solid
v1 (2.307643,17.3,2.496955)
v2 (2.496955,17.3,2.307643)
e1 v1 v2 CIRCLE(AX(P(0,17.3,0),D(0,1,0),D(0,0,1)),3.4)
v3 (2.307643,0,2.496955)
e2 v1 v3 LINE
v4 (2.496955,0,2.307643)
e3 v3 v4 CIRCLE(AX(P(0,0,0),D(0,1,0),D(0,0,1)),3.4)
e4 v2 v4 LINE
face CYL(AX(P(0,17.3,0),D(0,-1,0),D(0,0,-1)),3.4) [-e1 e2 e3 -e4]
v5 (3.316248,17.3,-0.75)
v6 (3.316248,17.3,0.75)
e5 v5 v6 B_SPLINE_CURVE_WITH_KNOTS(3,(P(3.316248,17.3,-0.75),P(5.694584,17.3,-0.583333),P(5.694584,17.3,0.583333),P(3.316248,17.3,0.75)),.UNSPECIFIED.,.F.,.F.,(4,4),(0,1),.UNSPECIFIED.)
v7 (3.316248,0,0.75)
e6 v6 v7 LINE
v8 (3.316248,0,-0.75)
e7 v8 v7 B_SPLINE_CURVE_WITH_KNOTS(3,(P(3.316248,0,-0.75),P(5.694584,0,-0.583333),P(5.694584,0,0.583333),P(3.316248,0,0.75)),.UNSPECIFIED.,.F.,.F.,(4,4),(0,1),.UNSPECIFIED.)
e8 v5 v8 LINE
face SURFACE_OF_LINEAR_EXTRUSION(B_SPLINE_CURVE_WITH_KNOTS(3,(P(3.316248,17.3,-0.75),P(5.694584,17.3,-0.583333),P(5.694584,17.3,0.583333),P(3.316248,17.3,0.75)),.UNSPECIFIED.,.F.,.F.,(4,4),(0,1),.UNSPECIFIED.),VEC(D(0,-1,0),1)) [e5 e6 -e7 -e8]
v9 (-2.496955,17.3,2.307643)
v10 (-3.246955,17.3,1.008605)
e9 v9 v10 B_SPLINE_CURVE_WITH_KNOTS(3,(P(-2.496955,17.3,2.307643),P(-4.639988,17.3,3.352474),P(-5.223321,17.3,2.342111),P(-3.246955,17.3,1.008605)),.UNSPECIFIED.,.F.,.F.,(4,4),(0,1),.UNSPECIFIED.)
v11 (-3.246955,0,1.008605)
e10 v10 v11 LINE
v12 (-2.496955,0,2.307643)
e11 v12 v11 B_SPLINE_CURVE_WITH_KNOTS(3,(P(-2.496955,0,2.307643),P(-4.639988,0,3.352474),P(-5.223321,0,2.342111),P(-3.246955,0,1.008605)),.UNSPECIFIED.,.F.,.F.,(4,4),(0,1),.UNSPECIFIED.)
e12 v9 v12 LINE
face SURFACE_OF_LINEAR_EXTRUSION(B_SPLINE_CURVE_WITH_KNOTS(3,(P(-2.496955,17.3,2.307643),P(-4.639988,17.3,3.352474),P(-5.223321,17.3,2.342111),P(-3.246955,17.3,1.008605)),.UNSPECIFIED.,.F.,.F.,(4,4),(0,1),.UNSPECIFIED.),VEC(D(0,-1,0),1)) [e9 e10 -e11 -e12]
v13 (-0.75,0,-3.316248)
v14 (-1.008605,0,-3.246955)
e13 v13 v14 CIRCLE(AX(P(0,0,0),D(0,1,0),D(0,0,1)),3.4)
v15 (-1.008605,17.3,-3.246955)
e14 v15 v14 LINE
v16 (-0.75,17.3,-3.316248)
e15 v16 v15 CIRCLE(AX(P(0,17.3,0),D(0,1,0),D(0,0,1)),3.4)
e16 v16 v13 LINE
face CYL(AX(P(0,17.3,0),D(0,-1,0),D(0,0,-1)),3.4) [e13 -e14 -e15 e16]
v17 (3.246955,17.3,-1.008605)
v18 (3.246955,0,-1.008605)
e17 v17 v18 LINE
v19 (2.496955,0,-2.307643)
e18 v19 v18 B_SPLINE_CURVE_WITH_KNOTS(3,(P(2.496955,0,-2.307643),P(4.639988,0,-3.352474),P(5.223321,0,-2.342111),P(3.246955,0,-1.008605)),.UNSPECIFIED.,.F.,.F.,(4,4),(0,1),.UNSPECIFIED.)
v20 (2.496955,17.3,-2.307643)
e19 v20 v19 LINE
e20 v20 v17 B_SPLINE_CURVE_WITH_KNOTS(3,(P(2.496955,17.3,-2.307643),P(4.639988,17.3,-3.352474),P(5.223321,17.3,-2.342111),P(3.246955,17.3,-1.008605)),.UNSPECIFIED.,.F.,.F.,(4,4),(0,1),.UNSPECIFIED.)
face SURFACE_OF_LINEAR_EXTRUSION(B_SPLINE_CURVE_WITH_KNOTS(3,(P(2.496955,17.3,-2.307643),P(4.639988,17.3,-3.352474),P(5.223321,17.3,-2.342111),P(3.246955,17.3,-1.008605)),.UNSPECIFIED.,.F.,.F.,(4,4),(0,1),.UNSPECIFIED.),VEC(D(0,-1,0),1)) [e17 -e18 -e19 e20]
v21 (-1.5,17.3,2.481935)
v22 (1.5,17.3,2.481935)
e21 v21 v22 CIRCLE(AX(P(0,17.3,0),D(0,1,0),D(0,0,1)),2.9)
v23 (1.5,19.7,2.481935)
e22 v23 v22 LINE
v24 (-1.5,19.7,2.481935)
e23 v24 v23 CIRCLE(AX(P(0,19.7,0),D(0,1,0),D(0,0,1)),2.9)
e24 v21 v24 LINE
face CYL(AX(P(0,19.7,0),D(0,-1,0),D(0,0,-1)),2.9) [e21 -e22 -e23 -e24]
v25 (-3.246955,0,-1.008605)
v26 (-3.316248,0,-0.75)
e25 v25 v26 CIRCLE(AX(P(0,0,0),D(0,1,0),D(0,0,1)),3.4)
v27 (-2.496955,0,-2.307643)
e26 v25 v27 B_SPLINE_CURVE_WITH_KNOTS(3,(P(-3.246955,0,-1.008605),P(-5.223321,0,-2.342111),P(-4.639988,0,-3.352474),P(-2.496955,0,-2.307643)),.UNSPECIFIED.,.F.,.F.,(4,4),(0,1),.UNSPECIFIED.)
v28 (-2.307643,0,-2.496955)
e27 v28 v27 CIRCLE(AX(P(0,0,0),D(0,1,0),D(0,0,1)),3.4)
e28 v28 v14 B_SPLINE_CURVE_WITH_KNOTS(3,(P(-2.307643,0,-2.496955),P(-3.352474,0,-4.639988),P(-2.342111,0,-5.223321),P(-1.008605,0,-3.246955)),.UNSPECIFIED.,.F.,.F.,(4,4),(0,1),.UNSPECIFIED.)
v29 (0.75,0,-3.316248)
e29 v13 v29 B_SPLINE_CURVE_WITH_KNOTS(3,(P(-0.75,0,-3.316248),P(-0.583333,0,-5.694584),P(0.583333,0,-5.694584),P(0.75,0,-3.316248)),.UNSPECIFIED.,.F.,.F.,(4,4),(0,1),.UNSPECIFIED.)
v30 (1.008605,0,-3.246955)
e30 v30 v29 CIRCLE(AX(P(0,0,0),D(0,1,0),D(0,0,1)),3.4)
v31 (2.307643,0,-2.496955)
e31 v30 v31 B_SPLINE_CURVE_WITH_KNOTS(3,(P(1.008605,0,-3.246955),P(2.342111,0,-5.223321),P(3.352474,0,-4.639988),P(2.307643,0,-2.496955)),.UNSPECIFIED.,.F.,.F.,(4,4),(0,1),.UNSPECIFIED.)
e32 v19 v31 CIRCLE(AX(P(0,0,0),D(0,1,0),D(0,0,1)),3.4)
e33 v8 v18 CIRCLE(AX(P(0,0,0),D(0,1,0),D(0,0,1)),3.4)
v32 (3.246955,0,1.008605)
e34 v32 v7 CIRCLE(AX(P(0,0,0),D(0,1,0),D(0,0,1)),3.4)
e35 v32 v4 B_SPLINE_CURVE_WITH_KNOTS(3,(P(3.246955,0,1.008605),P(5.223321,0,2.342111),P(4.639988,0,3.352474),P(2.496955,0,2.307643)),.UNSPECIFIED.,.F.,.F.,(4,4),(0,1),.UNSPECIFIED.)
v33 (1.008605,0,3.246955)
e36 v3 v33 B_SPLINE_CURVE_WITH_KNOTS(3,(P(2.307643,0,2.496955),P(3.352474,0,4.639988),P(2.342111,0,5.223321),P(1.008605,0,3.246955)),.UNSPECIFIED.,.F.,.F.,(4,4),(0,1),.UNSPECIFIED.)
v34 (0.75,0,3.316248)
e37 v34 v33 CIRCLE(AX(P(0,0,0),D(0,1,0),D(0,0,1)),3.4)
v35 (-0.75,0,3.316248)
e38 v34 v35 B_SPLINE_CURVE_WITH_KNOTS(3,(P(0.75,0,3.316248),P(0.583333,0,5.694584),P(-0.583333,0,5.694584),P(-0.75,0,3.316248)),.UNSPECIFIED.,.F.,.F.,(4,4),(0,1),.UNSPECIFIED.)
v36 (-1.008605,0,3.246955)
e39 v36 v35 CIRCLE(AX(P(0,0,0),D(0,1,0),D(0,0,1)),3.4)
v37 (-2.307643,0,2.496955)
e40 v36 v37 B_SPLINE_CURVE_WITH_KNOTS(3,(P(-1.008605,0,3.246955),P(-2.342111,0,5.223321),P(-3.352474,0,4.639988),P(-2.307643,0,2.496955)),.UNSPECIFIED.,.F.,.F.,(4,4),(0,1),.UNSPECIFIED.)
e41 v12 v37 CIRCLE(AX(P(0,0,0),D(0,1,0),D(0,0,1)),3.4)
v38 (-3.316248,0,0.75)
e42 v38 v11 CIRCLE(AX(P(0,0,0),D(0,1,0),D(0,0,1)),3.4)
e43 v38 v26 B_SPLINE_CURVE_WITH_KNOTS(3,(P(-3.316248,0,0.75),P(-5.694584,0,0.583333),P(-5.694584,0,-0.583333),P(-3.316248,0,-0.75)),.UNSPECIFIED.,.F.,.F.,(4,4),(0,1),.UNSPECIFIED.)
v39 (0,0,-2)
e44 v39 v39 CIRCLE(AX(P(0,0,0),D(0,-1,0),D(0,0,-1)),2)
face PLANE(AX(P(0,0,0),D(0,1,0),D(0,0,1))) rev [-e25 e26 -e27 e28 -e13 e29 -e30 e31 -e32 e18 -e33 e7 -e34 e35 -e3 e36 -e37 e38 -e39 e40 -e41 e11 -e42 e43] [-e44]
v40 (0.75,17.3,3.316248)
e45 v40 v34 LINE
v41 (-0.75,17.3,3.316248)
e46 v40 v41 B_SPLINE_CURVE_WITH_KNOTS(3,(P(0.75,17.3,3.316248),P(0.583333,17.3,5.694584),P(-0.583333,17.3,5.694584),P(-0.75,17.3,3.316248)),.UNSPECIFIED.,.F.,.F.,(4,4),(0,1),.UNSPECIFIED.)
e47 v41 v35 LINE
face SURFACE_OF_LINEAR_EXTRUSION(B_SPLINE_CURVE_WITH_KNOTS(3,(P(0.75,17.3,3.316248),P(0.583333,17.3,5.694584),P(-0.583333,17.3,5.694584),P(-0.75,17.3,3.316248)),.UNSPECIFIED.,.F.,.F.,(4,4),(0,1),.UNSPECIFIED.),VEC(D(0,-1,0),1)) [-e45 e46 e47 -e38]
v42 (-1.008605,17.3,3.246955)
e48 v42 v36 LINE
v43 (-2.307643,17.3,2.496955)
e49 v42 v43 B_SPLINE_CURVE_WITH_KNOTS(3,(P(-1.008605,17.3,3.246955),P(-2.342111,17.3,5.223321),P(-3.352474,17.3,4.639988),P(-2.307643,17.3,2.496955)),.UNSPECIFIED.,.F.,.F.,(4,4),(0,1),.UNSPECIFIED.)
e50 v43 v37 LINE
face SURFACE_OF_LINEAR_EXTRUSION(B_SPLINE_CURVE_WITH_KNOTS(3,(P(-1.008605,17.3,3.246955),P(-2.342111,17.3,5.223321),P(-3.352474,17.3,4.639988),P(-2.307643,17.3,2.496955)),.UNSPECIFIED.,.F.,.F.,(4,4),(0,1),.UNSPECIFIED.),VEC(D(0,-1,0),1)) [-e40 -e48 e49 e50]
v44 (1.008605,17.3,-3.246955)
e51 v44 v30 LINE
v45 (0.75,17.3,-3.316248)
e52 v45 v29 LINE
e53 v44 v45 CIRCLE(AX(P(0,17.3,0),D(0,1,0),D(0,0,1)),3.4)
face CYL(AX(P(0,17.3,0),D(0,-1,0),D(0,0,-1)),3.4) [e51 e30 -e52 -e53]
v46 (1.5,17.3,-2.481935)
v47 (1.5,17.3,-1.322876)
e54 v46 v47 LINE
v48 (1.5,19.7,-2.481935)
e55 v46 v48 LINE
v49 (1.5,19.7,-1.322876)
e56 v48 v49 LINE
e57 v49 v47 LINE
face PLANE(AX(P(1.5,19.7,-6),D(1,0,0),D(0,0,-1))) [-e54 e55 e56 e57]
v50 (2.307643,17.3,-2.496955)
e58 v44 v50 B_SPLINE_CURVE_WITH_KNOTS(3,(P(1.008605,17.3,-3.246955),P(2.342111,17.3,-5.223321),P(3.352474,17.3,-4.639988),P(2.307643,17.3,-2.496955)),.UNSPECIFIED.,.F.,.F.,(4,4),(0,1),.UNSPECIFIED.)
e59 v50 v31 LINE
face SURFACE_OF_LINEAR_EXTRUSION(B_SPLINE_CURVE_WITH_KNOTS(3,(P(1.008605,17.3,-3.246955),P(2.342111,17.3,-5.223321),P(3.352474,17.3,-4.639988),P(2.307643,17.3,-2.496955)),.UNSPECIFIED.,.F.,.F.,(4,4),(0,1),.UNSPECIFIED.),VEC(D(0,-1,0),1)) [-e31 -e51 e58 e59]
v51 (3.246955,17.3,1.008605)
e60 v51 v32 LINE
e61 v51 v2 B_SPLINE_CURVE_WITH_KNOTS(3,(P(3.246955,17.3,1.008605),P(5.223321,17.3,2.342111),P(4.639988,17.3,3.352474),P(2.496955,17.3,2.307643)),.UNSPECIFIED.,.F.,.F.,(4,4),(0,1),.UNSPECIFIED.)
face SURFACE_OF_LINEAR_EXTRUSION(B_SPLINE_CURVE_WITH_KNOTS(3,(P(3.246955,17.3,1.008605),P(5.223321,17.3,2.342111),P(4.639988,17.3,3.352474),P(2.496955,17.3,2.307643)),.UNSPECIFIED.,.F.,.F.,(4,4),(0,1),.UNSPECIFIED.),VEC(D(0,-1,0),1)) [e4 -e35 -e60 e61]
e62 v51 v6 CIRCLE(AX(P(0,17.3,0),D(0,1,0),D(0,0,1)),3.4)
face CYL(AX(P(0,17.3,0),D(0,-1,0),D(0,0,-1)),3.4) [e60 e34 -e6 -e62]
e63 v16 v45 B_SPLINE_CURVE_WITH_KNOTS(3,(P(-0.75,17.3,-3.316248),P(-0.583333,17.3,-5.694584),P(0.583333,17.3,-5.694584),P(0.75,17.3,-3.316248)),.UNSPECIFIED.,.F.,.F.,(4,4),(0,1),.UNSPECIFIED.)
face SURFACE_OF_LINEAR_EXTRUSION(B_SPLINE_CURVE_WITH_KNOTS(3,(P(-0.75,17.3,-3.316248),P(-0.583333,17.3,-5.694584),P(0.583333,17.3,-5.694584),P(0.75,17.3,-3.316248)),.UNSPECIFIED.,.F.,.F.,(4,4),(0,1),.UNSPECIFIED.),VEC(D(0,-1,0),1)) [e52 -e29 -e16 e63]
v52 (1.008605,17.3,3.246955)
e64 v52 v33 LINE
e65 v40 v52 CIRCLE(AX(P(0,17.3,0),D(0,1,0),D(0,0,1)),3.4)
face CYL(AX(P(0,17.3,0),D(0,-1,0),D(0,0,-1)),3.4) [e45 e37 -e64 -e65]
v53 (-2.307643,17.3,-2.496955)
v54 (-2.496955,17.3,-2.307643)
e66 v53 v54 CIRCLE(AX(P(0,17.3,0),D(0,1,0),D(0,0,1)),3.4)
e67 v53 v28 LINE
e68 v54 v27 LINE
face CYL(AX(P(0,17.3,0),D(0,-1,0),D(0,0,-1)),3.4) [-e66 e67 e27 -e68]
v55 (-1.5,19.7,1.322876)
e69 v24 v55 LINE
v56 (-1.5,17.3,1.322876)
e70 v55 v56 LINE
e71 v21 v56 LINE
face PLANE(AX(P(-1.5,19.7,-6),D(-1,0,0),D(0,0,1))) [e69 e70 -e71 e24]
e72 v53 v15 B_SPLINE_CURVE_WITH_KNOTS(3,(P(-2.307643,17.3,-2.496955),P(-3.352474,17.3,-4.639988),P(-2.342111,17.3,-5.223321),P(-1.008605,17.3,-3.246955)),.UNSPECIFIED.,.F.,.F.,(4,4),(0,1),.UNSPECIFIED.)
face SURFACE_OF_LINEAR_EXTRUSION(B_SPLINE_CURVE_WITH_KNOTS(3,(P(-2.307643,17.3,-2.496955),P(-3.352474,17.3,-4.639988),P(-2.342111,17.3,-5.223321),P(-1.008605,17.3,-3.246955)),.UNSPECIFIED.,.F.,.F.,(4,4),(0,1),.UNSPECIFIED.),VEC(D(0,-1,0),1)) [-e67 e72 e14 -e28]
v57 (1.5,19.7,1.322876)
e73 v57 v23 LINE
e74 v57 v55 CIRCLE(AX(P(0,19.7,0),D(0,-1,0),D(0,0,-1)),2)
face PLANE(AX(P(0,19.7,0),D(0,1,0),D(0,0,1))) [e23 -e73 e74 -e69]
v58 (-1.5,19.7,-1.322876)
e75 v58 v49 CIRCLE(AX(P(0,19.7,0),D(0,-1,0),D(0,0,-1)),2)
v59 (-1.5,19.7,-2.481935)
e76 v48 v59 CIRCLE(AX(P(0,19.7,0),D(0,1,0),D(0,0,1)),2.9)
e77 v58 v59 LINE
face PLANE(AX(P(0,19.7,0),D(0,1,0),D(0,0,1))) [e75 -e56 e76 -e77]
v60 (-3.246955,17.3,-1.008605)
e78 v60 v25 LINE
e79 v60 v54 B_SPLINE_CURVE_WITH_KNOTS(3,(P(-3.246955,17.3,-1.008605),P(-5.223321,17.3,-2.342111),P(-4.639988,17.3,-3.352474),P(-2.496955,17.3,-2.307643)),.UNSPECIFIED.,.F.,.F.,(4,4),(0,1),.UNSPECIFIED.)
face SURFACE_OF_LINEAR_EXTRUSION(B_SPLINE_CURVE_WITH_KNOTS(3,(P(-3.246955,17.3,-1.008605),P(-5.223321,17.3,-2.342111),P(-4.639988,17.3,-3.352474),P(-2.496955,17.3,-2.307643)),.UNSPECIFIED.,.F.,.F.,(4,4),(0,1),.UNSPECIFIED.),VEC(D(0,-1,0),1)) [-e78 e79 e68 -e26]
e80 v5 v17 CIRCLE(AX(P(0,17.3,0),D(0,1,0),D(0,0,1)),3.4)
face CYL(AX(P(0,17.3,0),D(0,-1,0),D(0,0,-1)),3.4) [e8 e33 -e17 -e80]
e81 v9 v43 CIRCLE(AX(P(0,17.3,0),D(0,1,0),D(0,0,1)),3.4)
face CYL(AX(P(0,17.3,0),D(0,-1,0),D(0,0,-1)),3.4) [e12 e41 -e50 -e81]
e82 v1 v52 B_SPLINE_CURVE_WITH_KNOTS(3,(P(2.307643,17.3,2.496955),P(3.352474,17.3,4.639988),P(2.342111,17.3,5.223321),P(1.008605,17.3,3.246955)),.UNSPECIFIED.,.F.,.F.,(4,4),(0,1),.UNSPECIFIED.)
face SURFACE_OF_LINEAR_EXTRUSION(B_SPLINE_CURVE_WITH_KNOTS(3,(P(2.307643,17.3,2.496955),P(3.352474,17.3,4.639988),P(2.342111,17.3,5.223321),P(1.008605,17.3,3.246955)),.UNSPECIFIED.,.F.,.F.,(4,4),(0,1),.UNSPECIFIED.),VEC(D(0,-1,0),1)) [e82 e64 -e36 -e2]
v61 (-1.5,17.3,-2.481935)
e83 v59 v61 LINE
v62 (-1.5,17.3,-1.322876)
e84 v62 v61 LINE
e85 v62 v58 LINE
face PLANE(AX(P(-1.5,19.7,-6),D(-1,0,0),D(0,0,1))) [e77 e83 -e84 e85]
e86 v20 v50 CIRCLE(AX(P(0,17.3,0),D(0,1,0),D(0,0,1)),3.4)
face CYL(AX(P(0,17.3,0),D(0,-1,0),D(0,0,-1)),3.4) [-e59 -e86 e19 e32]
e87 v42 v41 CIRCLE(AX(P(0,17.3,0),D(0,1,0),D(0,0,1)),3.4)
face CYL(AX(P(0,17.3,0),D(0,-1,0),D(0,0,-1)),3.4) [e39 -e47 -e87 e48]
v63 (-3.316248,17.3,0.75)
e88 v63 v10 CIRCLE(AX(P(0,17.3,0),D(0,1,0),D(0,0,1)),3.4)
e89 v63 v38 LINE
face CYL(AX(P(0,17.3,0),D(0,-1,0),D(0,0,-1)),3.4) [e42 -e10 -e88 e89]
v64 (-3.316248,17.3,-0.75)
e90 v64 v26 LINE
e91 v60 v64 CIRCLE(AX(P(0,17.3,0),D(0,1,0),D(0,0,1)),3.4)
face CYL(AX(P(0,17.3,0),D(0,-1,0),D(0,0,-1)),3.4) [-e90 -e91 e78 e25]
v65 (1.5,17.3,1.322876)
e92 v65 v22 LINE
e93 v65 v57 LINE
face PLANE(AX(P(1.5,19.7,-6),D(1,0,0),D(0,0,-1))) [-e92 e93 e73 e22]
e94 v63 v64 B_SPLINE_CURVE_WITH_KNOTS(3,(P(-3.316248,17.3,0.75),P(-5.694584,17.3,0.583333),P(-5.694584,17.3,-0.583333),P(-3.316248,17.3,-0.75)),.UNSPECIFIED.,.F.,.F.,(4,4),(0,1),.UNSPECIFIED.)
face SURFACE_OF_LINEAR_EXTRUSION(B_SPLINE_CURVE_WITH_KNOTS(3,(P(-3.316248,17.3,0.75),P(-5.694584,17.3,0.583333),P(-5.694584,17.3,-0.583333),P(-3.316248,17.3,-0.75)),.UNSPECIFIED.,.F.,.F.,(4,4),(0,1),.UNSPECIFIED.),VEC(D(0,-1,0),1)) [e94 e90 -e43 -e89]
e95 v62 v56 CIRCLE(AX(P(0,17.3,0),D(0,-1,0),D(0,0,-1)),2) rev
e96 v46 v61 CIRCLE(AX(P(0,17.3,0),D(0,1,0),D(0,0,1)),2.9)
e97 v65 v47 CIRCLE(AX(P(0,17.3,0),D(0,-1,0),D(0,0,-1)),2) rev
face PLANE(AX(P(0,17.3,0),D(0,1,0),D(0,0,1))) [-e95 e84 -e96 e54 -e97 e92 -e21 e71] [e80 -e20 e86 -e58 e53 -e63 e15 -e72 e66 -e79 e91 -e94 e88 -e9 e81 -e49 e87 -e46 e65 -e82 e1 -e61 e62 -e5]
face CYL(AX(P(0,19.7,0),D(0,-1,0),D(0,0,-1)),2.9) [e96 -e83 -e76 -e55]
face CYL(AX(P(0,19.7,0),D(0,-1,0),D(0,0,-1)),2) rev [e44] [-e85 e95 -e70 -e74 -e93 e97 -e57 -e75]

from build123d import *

# Parameters (mm, degrees)
SKETCH1_R           = 3.4
BOSS_EXTRUDE1_DEPTH = 17.3
SKETCH4_R           = 2.9
BOSS_EXTRUDE2_DEPTH = 2.4
SKETCH2_R           = 2
CUT_EXTRUDE2_DEPTH  = 19.7
SKETCH5_W           = 2
SKETCH5_H           = 12
CUT_EXTRUDE3_DEPTH  = 2.4


with BuildPart() as part:
    # Sketch1 → Boss-Extrude1 (new body)
    with BuildSketch(Plane(origin=(0, 0, 0), x_dir=(1, 0, 0), z_dir=(0, 1, 0))):
        Circle(SKETCH1_R)
        with BuildLine():
            ThreePointArc((-3.31624788, -0.75), (-3.4, 0), (-3.31624788, 0.75))
            add(Edge.make_bspline(
                [(-3.31624788, -0.75), (-5.69458404, -0.583333333), (-5.69458404, 0.583333333), (-3.31624788, 0.75)],
                knots=[0, 0, 0, 0, 1, 1, 1, 1], degree=3))
        make_face()
        with BuildLine():
            add(Edge.make_bspline(
                [(-2.496954909, -2.307642993), (-4.639987776, -3.352473506), (-5.223321109, -2.342110534), (-3.246954909, -1.008604887)],
                knots=[0, 0, 0, 0, 1, 1, 1, 1], degree=3))
            ThreePointArc((-2.496954909, -2.307642993), (-2.944486373, -1.7), (-3.246954909, -1.008604887))
        make_face()
        with BuildLine():
            add(Edge.make_bspline(
                [(-1.008604887, -3.246954909), (-2.342110534, -5.223321109), (-3.352473506, -4.639987776), (-2.307642993, -2.496954909)],
                knots=[0, 0, 0, 0, 1, 1, 1, 1], degree=3))
            ThreePointArc((-1.008604887, -3.246954909), (-1.7, -2.944486373), (-2.307642993, -2.496954909))
        make_face()
        with BuildLine():
            add(Edge.make_bspline(
                [(0.75, -3.31624788), (0.583333333, -5.69458404), (-0.583333333, -5.69458404), (-0.75, -3.31624788)],
                knots=[0, 0, 0, 0, 1, 1, 1, 1], degree=3))
            ThreePointArc((0.75, -3.31624788), (0, -3.4), (-0.75, -3.31624788))
        make_face()
        with BuildLine():
            add(Edge.make_bspline(
                [(2.307642993, -2.496954909), (3.352473506, -4.639987776), (2.342110534, -5.223321109), (1.008604887, -3.246954909)],
                knots=[0, 0, 0, 0, 1, 1, 1, 1], degree=3))
            ThreePointArc((2.307642993, -2.496954909), (1.7, -2.944486373), (1.008604887, -3.246954909))
        make_face()
        with BuildLine():
            add(Edge.make_bspline(
                [(3.246954909, -1.008604887), (5.223321109, -2.342110534), (4.639987776, -3.352473506), (2.496954909, -2.307642993)],
                knots=[0, 0, 0, 0, 1, 1, 1, 1], degree=3))
            ThreePointArc((3.246954909, -1.008604887), (2.944486373, -1.7), (2.496954909, -2.307642993))
        make_face()
        with BuildLine():
            ThreePointArc((3.31624788, 0.75), (3.378997099, 0.377330895), (3.4, 0))
            ThreePointArc((3.4, 0), (3.378997099, -0.377330895), (3.31624788, -0.75))
            add(Edge.make_bspline(
                [(3.31624788, 0.75), (5.69458404, 0.583333333), (5.69458404, -0.583333333), (3.31624788, -0.75)],
                knots=[0, 0, 0, 0, 1, 1, 1, 1], degree=3))
        make_face()
        with BuildLine():
            ThreePointArc((2.496954909, 2.307642993), (2.944486373, 1.7), (3.246954909, 1.008604887))
            add(Edge.make_bspline(
                [(2.496954909, 2.307642993), (4.639987776, 3.352473506), (5.223321109, 2.342110534), (3.246954909, 1.008604887)],
                knots=[0, 0, 0, 0, 1, 1, 1, 1], degree=3))
        make_face()
        with BuildLine():
            ThreePointArc((1.008604887, 3.246954909), (1.7, 2.944486373), (2.307642993, 2.496954909))
            add(Edge.make_bspline(
                [(1.008604887, 3.246954909), (2.342110534, 5.223321109), (3.352473506, 4.639987776), (2.307642993, 2.496954909)],
                knots=[0, 0, 0, 0, 1, 1, 1, 1], degree=3))
        make_face()
        with BuildLine():
            ThreePointArc((-3.246954909, 1.008604887), (-2.944486373, 1.7), (-2.496954909, 2.307642993))
            add(Edge.make_bspline(
                [(-3.246954909, 1.008604887), (-5.223321109, 2.342110534), (-4.639987776, 3.352473506), (-2.496954909, 2.307642993)],
                knots=[0, 0, 0, 0, 1, 1, 1, 1], degree=3))
        make_face()
        with BuildLine():
            ThreePointArc((-2.307642993, 2.496954909), (-1.7, 2.944486373), (-1.008604887, 3.246954909))
            add(Edge.make_bspline(
                [(-2.307642993, 2.496954909), (-3.352473506, 4.639987776), (-2.342110534, 5.223321109), (-1.008604887, 3.246954909)],
                knots=[0, 0, 0, 0, 1, 1, 1, 1], degree=3))
        make_face()
        with BuildLine():
            ThreePointArc((-0.75, 3.31624788), (0, 3.4), (0.75, 3.31624788))
            add(Edge.make_bspline(
                [(-0.75, 3.31624788), (-0.583333333, 5.69458404), (0.583333333, 5.69458404), (0.75, 3.31624788)],
                knots=[0, 0, 0, 0, 1, 1, 1, 1], degree=3))
        make_face()
    extrude(amount=BOSS_EXTRUDE1_DEPTH)

    # Sketch4 → Boss-Extrude2 (add)
    with BuildSketch(Plane(origin=(0, 17.3, 0), x_dir=(1, 0, 0), z_dir=(0, 1, 0))):
        Circle(SKETCH4_R)
    extrude(amount=BOSS_EXTRUDE2_DEPTH)

    # Sketch2 → Cut-Extrude2 (cut)
    with BuildSketch(Plane.XZ):
        Circle(SKETCH2_R)
    extrude(amount=-CUT_EXTRUDE2_DEPTH, mode=Mode.SUBTRACT)

    # Sketch5 → Cut-Extrude3 (cut)
    with BuildSketch(Plane(origin=(0, 17.3, 0), x_dir=(1, 0, 0), z_dir=(0, 1, 0))):
        with Locations((2.5, 0)):
            Rectangle(SKETCH5_W, SKETCH5_H)
        with Locations((-2.5, 0)):
            Rectangle(SKETCH5_W, SKETCH5_H)
    extrude(amount=CUT_EXTRUDE3_DEPTH, mode=Mode.SUBTRACT)


solid = part.part
